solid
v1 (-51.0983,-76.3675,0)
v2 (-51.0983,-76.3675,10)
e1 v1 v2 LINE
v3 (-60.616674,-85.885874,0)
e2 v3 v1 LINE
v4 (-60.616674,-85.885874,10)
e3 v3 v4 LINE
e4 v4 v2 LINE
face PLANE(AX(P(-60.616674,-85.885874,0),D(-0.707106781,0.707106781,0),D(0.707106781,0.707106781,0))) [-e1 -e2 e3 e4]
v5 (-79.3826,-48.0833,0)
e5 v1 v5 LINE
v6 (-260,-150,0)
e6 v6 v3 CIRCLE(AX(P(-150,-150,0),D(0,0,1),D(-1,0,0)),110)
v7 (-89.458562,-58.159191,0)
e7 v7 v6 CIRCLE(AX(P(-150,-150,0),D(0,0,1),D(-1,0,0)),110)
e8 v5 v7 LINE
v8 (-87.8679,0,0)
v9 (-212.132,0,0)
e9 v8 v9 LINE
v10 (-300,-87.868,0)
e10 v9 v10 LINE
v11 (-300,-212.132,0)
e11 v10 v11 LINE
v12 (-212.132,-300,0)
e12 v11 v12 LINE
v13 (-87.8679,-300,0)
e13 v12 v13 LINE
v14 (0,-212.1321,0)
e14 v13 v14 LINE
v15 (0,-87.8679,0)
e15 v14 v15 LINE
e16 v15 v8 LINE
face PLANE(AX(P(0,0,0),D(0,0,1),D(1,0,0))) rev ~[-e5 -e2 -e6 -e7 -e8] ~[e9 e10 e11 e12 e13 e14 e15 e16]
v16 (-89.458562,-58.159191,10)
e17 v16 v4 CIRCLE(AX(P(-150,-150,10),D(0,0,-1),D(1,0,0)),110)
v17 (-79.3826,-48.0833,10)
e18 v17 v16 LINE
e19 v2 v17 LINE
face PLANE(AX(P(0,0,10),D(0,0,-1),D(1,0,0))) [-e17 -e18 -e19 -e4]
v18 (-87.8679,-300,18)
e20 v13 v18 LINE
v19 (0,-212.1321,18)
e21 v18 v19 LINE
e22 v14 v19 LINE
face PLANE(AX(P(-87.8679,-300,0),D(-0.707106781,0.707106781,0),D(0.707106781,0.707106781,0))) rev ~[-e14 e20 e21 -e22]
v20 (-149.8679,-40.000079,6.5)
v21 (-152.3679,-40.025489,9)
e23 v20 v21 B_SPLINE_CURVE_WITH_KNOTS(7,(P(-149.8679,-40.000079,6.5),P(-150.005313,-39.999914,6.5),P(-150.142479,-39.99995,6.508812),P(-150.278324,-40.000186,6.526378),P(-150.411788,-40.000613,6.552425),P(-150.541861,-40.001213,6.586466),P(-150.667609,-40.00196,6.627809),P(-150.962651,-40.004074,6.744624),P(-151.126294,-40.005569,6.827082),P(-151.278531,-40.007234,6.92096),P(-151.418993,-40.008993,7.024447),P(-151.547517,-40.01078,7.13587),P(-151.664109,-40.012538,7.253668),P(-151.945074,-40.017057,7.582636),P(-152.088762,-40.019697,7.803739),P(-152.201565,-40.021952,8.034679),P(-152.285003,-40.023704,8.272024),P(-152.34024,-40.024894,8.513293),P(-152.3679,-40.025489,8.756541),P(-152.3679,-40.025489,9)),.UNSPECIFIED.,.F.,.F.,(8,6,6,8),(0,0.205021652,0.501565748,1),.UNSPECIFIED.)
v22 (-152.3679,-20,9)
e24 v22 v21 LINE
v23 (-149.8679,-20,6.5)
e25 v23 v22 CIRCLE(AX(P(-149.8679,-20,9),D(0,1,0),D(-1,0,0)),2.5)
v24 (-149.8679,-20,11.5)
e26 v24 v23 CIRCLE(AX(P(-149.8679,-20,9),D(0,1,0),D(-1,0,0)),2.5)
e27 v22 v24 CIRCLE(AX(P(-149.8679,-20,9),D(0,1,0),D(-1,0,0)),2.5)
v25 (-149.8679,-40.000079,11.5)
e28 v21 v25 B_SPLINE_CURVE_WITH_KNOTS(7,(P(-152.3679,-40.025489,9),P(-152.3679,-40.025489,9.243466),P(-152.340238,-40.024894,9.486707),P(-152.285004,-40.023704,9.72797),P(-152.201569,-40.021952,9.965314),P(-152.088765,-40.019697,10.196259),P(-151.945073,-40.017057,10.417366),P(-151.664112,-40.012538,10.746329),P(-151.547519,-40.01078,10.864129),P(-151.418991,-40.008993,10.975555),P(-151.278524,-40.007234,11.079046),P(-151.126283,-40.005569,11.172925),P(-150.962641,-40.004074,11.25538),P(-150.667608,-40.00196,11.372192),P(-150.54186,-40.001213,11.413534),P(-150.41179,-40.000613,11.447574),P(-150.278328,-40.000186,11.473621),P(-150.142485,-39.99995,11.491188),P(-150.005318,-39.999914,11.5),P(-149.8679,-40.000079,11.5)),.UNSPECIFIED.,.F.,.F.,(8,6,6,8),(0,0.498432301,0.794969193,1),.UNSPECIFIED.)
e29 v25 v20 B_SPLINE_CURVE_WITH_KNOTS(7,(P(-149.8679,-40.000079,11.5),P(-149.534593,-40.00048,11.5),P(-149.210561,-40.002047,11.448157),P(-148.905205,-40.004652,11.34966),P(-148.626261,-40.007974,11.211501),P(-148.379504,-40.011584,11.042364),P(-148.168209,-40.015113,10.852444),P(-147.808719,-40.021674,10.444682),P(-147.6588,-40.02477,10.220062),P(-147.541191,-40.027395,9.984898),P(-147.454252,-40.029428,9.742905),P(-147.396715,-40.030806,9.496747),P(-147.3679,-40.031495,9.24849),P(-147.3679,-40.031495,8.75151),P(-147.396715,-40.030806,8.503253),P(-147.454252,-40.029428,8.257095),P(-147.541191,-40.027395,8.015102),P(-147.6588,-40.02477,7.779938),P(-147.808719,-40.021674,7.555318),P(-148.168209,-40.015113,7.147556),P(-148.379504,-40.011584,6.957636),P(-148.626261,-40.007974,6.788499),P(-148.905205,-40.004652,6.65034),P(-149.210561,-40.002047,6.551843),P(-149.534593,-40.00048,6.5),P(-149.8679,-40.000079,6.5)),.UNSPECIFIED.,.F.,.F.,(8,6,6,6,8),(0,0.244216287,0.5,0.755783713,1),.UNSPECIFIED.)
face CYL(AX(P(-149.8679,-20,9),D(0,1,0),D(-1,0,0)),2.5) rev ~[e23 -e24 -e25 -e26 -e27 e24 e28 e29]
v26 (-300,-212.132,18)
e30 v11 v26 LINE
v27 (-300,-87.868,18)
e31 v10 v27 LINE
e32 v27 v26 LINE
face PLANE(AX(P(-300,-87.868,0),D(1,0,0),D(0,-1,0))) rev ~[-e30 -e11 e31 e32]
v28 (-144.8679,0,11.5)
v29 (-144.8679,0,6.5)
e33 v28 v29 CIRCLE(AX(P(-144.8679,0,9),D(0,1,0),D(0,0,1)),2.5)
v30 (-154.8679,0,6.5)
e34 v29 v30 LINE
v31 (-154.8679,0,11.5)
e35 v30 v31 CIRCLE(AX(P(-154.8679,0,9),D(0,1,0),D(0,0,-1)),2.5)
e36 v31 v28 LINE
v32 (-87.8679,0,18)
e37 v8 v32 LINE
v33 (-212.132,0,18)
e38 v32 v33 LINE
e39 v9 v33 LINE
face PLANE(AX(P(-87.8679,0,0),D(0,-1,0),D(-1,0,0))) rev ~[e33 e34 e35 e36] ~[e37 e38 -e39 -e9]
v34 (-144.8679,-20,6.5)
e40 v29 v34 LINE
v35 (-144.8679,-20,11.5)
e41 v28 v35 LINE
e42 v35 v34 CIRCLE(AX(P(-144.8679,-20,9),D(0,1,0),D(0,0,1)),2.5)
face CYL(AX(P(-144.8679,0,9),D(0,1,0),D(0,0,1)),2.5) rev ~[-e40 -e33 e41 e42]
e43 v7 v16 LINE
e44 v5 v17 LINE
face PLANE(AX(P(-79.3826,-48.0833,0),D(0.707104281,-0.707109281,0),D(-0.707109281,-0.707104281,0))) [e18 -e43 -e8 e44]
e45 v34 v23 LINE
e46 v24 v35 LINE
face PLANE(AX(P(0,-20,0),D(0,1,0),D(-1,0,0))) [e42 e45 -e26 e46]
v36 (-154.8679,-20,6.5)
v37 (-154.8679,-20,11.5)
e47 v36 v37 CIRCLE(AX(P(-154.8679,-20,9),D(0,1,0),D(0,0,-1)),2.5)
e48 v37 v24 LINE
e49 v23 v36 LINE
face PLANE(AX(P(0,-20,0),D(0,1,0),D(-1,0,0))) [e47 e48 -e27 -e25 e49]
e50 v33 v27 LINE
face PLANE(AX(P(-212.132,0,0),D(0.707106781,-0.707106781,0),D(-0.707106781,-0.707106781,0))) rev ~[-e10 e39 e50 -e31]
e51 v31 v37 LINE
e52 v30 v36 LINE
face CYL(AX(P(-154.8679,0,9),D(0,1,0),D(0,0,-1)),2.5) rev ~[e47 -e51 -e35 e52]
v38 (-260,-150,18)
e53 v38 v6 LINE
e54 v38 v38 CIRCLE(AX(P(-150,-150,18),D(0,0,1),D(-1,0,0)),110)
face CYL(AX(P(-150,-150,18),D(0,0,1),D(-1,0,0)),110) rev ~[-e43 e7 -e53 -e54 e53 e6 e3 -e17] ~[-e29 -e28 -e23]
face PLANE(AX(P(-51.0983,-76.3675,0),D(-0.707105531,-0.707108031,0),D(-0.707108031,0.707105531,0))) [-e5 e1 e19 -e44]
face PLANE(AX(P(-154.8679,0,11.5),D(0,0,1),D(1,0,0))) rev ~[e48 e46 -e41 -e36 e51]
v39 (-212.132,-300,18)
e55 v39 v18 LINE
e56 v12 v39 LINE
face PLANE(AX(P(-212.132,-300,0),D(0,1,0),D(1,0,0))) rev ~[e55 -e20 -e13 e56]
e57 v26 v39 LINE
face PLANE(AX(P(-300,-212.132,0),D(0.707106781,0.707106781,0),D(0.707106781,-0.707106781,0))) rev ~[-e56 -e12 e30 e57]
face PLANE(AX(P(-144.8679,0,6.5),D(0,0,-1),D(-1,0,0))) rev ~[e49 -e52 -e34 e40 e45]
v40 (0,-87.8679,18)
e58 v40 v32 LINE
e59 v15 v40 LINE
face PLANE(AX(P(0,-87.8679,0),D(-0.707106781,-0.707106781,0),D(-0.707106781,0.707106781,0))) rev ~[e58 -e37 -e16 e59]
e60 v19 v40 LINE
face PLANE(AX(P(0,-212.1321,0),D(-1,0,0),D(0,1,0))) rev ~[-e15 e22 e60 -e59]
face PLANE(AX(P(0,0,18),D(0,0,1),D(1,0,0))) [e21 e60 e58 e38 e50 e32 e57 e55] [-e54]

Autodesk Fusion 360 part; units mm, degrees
sketch "Skizze1" plane through (0, 0, 0) normal (0, 0, 1) x (1, 0, 0)
  line L0 (-87.8679, 0) -> (-212.132, 0)
  line L1 (-300, -87.868) -> (-300, -212.132)
  line L2 (-212.132, -300) -> (-87.8679, -300)
  line L3 (0, -212.1321) -> (0, -87.8679)
  line L4 (0, -87.8679) -> (-87.8679, 0)
  line L5 (-212.132, 0) -> (-300, -87.868)
  line L6 (-300, -212.132) -> (-212.132, -300)
  line L7 (-87.8679, -300) -> (0, -212.1321)
  dimension "d3" = 45
  dimension "d4" = 45
  dimension "d5" = 300
  dimension "d6" = 300
  dimension "d9" = 87.8679
  dimension "d10" = 87.8679
  dimension "d11" = 300
  dimension "d12" = 300
extrude "Extrusion1" add sketch "Skizze1" along normal blind 18
sketch "Skizze2" plane through (0, 0, 18) normal (0, 0, 1) x (-1, 0, 0)
  line L0 (87.8679, 300) -> (0, 212.1321)
  line L1 (0, 212.1321) -> (0, 87.8679)
  line L2 (0, 87.8679) -> (87.8679, 0)
  line L3 (87.8679, 0) -> (212.132, 0)
  line L4 (212.132, 0) -> (300, 87.868)
  line L5 (300, 87.868) -> (300, 212.132)
  line L6 (300, 212.132) -> (212.132, 300)
  line L7 (212.132, 300) -> (87.8679, 300)
  circle A0 centre (150, 150) radius 110
  dimension "d15" = 150
  dimension "d16" = 150
  dimension "d17" = 220
extrude "Extrusion2" cut sketch "Skizze2" against normal blind 18 contours A0
sketch "Skizze3" plane through (0, 0, 0) normal (0, 0, -1) x (1, 0, 0)
  circle A0 centre (-150, 150) radius 110
  line L0 (0, 212.1321) -> (-87.8679, 300)
  line L1 (-87.8679, 300) -> (-212.132, 300)
  line L2 (-212.132, 300) -> (-300, 212.132)
  line L3 (-300, 212.132) -> (-300, 87.868)
  line L4 (-300, 87.868) -> (-212.132, 0)
  line L5 (-212.132, 0) -> (-87.8679, 0)
  line L6 (-87.8679, 0) -> (0, 87.8679)
  line L7 (0, 87.8679) -> (0, 212.1321)
  line L8 (-65.2405, 90.5097) -> (-51.0983, 76.3675)
  line L9 (-51.0983, 76.3675) -> (-79.3826, 48.0833)
  line L10 (-79.3826, 48.0833) -> (-93.5248, 62.2254)
  line L11 (-93.5248, 62.2254) -> (-65.2405, 90.5097)
  dimension "d20" = 28
  dimension "d21" = 40
  dimension "d22" = 40
  dimension "d23" = 20
extrude "Extrusion3" cut sketch "Skizze3" against normal blind 10 contours A0 L8 L9 L10
sketch "Skizze4" plane through (0, 0, 0) normal (0, 1, 0) x (-1, 0, 0)
  line L0 (87.8679, 0) -> (212.132, 0)
  line L1 (212.132, 0) -> (212.132, 18)
  line L2 (212.132, 18) -> (87.8679, 18)
  line L3 (87.8679, 18) -> (87.8679, 0)
  line L4 (144.8679, 6.5) -> (154.8679, 6.5)
  arc A0 (154.8679, 6.5) -> (154.8679, 11.5) centre (154.8679, 9) ccw
  line L5 (154.8679, 11.5) -> (144.8679, 11.5)
  arc A1 (144.8679, 11.5) -> (144.8679, 6.5) centre (144.8679, 9) ccw
  dimension "d26" = 5
  dimension "d27" = 10
  dimension "d28" = 9
  dimension "d30" = 57
extrude "Extrusion4" cut sketch "Skizze4" against normal blind 20 contours L4 A0 L5 A1
sketch "Skizze5" plane through (0, -20, 0) normal (0, 1, 0) x (-1, 0, 0)
  arc A0 (144.8679, 11.5) -> (144.8679, 6.5) centre (144.8679, 9) ccw
  line L0 (144.8679, 6.5) -> (154.8679, 6.5)
  arc A1 (154.8679, 6.5) -> (154.8679, 11.5) centre (154.8679, 9) ccw
  line L1 (154.8679, 11.5) -> (144.8679, 11.5)
  circle A2 centre (149.8679, 9) radius 2.5
  dimension "d33" = 5
  dimension "d34" = 5
  dimension "d35" = 2.5
extrude "Extrusion5" cut sketch "Skizze5" against normal blind 40 contours A2
equation "d30 = ( 124 / 2 ) * 1 mm - 5 mm"
